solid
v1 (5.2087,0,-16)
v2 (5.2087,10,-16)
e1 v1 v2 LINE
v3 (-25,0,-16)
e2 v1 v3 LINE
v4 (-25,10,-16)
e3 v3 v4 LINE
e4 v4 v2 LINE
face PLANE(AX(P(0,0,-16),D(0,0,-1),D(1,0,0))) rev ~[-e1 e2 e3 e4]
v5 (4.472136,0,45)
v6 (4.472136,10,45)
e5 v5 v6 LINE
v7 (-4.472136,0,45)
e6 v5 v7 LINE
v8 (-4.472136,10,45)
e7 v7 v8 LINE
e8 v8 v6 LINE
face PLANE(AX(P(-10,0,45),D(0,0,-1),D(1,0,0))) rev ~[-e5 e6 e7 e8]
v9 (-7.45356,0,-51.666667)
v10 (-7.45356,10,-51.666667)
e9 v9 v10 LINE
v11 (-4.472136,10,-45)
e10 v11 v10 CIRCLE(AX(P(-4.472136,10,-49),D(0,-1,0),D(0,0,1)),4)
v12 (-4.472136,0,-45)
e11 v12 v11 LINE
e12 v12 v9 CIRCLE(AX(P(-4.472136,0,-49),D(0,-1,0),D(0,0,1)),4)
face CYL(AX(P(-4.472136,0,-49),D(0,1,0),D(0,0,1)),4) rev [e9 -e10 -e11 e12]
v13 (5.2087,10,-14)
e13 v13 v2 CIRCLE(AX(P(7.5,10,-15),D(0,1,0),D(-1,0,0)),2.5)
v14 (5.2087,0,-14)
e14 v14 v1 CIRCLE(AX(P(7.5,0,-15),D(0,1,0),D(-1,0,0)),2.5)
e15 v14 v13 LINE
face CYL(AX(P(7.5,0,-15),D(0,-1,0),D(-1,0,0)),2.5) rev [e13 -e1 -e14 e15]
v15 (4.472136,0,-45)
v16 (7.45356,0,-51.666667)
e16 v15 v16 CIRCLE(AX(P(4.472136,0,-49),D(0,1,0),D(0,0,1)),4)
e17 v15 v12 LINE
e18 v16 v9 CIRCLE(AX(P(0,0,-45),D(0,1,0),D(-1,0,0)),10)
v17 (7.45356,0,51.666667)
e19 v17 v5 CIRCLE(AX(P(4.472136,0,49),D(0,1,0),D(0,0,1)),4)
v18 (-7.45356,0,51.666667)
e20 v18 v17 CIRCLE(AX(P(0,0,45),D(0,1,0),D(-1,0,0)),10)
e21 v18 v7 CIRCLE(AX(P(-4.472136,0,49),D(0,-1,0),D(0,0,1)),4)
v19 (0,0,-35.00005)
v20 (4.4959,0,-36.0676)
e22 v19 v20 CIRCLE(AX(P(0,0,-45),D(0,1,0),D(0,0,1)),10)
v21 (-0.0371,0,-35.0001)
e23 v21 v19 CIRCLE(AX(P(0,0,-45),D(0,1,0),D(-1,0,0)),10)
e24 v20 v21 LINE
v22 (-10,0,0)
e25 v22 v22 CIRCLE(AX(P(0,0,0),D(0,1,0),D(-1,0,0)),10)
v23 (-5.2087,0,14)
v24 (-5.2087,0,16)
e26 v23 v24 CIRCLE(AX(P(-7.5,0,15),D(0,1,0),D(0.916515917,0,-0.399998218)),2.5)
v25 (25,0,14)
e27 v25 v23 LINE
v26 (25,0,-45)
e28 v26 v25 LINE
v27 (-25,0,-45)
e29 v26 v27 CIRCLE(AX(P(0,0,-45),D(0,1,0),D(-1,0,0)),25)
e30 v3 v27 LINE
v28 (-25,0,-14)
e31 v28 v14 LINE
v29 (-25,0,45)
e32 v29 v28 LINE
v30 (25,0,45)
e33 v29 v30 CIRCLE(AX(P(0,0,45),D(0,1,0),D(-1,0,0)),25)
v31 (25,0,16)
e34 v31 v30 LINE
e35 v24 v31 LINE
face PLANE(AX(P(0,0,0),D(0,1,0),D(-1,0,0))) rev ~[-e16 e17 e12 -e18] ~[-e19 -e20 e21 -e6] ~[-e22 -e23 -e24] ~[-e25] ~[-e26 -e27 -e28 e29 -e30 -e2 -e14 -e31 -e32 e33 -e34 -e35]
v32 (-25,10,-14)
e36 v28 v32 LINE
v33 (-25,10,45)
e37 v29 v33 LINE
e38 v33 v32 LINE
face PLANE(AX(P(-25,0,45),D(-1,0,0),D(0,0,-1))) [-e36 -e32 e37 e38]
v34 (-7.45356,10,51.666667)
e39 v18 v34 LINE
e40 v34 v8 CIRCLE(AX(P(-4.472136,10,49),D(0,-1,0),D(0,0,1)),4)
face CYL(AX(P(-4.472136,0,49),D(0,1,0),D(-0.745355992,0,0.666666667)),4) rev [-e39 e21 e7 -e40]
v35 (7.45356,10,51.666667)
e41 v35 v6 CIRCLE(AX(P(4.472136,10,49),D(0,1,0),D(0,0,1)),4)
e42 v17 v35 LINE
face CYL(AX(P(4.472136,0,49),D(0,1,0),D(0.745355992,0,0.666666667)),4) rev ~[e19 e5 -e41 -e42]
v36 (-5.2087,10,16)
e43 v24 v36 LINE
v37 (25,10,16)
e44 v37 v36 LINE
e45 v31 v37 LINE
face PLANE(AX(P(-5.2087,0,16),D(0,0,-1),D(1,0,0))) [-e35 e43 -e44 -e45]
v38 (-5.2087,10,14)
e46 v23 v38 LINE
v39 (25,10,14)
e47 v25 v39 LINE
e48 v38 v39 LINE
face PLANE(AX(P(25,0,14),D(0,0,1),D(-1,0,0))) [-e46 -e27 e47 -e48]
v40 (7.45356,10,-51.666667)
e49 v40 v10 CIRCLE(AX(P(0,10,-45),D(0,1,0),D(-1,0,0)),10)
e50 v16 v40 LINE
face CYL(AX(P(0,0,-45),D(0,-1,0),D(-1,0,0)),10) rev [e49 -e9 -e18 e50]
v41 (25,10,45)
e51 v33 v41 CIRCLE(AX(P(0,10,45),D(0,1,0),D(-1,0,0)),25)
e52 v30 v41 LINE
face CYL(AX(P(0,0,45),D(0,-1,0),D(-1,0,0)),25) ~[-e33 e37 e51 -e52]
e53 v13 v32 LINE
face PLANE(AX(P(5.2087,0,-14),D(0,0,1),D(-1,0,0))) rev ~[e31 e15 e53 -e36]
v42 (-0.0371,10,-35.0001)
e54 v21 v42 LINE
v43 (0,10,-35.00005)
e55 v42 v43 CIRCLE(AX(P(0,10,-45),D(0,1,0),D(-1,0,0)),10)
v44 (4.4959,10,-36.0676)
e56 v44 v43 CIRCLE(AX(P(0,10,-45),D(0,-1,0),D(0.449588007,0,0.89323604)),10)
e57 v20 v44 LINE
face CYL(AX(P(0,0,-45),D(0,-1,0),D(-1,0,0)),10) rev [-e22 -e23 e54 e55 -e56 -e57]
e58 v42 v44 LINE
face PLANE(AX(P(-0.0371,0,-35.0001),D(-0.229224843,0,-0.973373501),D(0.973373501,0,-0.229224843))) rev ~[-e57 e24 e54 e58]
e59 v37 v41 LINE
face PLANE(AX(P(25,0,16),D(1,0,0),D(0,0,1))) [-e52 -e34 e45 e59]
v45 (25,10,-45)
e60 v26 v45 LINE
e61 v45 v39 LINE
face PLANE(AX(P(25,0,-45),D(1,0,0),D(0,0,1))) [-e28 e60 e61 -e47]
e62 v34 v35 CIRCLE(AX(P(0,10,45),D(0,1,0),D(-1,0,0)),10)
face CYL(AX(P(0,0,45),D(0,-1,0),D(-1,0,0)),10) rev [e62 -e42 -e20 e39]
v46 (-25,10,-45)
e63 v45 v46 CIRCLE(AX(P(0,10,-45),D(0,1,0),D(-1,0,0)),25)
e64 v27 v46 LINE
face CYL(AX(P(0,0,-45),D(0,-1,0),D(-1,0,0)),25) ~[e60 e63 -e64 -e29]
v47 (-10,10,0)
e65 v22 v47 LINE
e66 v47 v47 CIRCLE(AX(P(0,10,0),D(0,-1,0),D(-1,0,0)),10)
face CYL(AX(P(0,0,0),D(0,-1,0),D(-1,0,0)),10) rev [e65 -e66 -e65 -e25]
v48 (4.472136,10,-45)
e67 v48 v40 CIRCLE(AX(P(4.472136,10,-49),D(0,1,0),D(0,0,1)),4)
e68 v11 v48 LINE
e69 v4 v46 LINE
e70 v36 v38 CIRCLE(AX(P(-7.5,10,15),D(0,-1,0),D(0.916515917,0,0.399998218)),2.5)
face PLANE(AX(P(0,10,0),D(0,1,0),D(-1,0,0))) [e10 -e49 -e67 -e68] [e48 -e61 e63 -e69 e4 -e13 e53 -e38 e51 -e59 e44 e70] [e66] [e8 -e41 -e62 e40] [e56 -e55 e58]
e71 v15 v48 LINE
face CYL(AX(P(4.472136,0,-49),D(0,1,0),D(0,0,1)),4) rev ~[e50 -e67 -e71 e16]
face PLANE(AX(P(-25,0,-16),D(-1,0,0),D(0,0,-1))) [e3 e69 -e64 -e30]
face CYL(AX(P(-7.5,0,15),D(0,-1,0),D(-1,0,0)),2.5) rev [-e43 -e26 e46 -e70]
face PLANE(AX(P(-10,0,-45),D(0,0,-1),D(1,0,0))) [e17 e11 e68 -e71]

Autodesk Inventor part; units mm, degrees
ref_plane "YZ Plane" through (0, 0, 0) normal (1, 0, 0) x (0, 1, 0)
ref_plane "XZ Plane" through (0, 0, 0) normal (0, 1, 0) x (-1, 0, 0)
ref_plane "XY Plane" through (0, 0, 0) normal (0, 0, 1) x (1, 0, 0)
sketch "Boceto1" plane through (0, 0, 0) normal (0, 1, 0) x (-1, 0, 0)
  circle A0 centre (0, -45) radius 10
  circle A1 centre (0, 45) radius 10
  line L0 (0.0371, -35.0001) -> (-0.0371, -35.0001)
  line L1 (0.0371, -35.0001) -> (-4.4959, -36.0676)
  circle A2 centre (0, -45) radius 25
  circle A3 centre (0, 45) radius 25
  line L2 (0, 89.4288) -> (0, -73.1924) construction
  line L3 (-38.8142, 0) -> (36.7218, 0) construction
  line L4 (0, 45) -> (0, -45)
  line L5 (10, 45) -> (-10, 45)
  line L6 (10, -45) -> (-10, -45)
  line L7 (25, 45) -> (25, -45)
  line L8 (-25, -45) -> (-25, 45)
  circle A4 centre (0, 0) radius 10
  circle A5 centre (7.5, 15) radius 2.5
  line L9 (-25, 14) -> (5.2087, 14)
  line L10 (5.2087, 14) -> (5.2087, 16)
  line L11 (5.2087, 16) -> (-25, 16)
  line L12 (-25, 16) -> (-25, 14)
  line L13 (-25, 14) -> (5.2087, 16) construction
  line L14 (5.2087, 14) -> (-25, 16) construction
  line L15 (10, 0) -> (10, 38.9395) construction
  circle A6 centre (-7.5, -15) radius 2.5
  line L16 (25, -16) -> (-5.2087, -16)
  line L17 (-5.2087, -16) -> (-5.2087, -14)
  line L18 (-5.2087, -14) -> (25, -14)
  line L19 (25, -14) -> (25, -16)
  line L20 (25, -16) -> (-5.2087, -14) construction
  line L21 (-5.2087, -16) -> (25, -14) construction
  line L22 (-10, 0) -> (-10, -29.6504) construction
  point P0 (0, 60)
  point P1 (0, -60)
  point P2 (-0.0332, 54.9999)
  point P3 (-0.0332, 54.9999)
  point P4 (-12.4808, 36.6795)
  point P5 (11.1803, 35)
  point P6 (-9.8956, 15)
  point P7 (-9.8956, 15)
  point P8 (-25, 15)
  point P9 (9.8956, -15)
  point P10 (9.8956, -15)
  point P11 (25, -15)
  point P12 (25, -16)
  point P13 (-5.2087, -16)
  point P14 (25, -14)
  point P15 (5.2087, 14)
  dimension "d48" = 5
  dimension "d51" = 5
  dimension "d42" = 50
  dimension "d43" = 50
  dimension "d44" = 90
  dimension "d45" = 20
  dimension "d46" = 20
  dimension "d47" = 20
  dimension "d49" = 2
  dimension "d50" = 14
  dimension "d52" = 2
  dimension "d53" = 14
extrude "Extrusión9" add sketch "Boceto1" along normal blind 10 contours L6 L4 L1 A0 | A2 | A2 L8 L9 L4 A4 L18 A6 L16 | L4 L16 L7 A2 | A0 L1 L4 L6 | L4 A4 L9 A5 L11 A3 L7 L18 | L8 A3 L4 L11 | A1 L5 L4 | L4 L5 A1 | A3
fillet "Empalme3" radius 4 4 edges at (-10, 5, -45) (10, 5, -45) (-10, 5, 45) (10, 5, 45)
properties part number "mod6" material "Aluminio 6061"
